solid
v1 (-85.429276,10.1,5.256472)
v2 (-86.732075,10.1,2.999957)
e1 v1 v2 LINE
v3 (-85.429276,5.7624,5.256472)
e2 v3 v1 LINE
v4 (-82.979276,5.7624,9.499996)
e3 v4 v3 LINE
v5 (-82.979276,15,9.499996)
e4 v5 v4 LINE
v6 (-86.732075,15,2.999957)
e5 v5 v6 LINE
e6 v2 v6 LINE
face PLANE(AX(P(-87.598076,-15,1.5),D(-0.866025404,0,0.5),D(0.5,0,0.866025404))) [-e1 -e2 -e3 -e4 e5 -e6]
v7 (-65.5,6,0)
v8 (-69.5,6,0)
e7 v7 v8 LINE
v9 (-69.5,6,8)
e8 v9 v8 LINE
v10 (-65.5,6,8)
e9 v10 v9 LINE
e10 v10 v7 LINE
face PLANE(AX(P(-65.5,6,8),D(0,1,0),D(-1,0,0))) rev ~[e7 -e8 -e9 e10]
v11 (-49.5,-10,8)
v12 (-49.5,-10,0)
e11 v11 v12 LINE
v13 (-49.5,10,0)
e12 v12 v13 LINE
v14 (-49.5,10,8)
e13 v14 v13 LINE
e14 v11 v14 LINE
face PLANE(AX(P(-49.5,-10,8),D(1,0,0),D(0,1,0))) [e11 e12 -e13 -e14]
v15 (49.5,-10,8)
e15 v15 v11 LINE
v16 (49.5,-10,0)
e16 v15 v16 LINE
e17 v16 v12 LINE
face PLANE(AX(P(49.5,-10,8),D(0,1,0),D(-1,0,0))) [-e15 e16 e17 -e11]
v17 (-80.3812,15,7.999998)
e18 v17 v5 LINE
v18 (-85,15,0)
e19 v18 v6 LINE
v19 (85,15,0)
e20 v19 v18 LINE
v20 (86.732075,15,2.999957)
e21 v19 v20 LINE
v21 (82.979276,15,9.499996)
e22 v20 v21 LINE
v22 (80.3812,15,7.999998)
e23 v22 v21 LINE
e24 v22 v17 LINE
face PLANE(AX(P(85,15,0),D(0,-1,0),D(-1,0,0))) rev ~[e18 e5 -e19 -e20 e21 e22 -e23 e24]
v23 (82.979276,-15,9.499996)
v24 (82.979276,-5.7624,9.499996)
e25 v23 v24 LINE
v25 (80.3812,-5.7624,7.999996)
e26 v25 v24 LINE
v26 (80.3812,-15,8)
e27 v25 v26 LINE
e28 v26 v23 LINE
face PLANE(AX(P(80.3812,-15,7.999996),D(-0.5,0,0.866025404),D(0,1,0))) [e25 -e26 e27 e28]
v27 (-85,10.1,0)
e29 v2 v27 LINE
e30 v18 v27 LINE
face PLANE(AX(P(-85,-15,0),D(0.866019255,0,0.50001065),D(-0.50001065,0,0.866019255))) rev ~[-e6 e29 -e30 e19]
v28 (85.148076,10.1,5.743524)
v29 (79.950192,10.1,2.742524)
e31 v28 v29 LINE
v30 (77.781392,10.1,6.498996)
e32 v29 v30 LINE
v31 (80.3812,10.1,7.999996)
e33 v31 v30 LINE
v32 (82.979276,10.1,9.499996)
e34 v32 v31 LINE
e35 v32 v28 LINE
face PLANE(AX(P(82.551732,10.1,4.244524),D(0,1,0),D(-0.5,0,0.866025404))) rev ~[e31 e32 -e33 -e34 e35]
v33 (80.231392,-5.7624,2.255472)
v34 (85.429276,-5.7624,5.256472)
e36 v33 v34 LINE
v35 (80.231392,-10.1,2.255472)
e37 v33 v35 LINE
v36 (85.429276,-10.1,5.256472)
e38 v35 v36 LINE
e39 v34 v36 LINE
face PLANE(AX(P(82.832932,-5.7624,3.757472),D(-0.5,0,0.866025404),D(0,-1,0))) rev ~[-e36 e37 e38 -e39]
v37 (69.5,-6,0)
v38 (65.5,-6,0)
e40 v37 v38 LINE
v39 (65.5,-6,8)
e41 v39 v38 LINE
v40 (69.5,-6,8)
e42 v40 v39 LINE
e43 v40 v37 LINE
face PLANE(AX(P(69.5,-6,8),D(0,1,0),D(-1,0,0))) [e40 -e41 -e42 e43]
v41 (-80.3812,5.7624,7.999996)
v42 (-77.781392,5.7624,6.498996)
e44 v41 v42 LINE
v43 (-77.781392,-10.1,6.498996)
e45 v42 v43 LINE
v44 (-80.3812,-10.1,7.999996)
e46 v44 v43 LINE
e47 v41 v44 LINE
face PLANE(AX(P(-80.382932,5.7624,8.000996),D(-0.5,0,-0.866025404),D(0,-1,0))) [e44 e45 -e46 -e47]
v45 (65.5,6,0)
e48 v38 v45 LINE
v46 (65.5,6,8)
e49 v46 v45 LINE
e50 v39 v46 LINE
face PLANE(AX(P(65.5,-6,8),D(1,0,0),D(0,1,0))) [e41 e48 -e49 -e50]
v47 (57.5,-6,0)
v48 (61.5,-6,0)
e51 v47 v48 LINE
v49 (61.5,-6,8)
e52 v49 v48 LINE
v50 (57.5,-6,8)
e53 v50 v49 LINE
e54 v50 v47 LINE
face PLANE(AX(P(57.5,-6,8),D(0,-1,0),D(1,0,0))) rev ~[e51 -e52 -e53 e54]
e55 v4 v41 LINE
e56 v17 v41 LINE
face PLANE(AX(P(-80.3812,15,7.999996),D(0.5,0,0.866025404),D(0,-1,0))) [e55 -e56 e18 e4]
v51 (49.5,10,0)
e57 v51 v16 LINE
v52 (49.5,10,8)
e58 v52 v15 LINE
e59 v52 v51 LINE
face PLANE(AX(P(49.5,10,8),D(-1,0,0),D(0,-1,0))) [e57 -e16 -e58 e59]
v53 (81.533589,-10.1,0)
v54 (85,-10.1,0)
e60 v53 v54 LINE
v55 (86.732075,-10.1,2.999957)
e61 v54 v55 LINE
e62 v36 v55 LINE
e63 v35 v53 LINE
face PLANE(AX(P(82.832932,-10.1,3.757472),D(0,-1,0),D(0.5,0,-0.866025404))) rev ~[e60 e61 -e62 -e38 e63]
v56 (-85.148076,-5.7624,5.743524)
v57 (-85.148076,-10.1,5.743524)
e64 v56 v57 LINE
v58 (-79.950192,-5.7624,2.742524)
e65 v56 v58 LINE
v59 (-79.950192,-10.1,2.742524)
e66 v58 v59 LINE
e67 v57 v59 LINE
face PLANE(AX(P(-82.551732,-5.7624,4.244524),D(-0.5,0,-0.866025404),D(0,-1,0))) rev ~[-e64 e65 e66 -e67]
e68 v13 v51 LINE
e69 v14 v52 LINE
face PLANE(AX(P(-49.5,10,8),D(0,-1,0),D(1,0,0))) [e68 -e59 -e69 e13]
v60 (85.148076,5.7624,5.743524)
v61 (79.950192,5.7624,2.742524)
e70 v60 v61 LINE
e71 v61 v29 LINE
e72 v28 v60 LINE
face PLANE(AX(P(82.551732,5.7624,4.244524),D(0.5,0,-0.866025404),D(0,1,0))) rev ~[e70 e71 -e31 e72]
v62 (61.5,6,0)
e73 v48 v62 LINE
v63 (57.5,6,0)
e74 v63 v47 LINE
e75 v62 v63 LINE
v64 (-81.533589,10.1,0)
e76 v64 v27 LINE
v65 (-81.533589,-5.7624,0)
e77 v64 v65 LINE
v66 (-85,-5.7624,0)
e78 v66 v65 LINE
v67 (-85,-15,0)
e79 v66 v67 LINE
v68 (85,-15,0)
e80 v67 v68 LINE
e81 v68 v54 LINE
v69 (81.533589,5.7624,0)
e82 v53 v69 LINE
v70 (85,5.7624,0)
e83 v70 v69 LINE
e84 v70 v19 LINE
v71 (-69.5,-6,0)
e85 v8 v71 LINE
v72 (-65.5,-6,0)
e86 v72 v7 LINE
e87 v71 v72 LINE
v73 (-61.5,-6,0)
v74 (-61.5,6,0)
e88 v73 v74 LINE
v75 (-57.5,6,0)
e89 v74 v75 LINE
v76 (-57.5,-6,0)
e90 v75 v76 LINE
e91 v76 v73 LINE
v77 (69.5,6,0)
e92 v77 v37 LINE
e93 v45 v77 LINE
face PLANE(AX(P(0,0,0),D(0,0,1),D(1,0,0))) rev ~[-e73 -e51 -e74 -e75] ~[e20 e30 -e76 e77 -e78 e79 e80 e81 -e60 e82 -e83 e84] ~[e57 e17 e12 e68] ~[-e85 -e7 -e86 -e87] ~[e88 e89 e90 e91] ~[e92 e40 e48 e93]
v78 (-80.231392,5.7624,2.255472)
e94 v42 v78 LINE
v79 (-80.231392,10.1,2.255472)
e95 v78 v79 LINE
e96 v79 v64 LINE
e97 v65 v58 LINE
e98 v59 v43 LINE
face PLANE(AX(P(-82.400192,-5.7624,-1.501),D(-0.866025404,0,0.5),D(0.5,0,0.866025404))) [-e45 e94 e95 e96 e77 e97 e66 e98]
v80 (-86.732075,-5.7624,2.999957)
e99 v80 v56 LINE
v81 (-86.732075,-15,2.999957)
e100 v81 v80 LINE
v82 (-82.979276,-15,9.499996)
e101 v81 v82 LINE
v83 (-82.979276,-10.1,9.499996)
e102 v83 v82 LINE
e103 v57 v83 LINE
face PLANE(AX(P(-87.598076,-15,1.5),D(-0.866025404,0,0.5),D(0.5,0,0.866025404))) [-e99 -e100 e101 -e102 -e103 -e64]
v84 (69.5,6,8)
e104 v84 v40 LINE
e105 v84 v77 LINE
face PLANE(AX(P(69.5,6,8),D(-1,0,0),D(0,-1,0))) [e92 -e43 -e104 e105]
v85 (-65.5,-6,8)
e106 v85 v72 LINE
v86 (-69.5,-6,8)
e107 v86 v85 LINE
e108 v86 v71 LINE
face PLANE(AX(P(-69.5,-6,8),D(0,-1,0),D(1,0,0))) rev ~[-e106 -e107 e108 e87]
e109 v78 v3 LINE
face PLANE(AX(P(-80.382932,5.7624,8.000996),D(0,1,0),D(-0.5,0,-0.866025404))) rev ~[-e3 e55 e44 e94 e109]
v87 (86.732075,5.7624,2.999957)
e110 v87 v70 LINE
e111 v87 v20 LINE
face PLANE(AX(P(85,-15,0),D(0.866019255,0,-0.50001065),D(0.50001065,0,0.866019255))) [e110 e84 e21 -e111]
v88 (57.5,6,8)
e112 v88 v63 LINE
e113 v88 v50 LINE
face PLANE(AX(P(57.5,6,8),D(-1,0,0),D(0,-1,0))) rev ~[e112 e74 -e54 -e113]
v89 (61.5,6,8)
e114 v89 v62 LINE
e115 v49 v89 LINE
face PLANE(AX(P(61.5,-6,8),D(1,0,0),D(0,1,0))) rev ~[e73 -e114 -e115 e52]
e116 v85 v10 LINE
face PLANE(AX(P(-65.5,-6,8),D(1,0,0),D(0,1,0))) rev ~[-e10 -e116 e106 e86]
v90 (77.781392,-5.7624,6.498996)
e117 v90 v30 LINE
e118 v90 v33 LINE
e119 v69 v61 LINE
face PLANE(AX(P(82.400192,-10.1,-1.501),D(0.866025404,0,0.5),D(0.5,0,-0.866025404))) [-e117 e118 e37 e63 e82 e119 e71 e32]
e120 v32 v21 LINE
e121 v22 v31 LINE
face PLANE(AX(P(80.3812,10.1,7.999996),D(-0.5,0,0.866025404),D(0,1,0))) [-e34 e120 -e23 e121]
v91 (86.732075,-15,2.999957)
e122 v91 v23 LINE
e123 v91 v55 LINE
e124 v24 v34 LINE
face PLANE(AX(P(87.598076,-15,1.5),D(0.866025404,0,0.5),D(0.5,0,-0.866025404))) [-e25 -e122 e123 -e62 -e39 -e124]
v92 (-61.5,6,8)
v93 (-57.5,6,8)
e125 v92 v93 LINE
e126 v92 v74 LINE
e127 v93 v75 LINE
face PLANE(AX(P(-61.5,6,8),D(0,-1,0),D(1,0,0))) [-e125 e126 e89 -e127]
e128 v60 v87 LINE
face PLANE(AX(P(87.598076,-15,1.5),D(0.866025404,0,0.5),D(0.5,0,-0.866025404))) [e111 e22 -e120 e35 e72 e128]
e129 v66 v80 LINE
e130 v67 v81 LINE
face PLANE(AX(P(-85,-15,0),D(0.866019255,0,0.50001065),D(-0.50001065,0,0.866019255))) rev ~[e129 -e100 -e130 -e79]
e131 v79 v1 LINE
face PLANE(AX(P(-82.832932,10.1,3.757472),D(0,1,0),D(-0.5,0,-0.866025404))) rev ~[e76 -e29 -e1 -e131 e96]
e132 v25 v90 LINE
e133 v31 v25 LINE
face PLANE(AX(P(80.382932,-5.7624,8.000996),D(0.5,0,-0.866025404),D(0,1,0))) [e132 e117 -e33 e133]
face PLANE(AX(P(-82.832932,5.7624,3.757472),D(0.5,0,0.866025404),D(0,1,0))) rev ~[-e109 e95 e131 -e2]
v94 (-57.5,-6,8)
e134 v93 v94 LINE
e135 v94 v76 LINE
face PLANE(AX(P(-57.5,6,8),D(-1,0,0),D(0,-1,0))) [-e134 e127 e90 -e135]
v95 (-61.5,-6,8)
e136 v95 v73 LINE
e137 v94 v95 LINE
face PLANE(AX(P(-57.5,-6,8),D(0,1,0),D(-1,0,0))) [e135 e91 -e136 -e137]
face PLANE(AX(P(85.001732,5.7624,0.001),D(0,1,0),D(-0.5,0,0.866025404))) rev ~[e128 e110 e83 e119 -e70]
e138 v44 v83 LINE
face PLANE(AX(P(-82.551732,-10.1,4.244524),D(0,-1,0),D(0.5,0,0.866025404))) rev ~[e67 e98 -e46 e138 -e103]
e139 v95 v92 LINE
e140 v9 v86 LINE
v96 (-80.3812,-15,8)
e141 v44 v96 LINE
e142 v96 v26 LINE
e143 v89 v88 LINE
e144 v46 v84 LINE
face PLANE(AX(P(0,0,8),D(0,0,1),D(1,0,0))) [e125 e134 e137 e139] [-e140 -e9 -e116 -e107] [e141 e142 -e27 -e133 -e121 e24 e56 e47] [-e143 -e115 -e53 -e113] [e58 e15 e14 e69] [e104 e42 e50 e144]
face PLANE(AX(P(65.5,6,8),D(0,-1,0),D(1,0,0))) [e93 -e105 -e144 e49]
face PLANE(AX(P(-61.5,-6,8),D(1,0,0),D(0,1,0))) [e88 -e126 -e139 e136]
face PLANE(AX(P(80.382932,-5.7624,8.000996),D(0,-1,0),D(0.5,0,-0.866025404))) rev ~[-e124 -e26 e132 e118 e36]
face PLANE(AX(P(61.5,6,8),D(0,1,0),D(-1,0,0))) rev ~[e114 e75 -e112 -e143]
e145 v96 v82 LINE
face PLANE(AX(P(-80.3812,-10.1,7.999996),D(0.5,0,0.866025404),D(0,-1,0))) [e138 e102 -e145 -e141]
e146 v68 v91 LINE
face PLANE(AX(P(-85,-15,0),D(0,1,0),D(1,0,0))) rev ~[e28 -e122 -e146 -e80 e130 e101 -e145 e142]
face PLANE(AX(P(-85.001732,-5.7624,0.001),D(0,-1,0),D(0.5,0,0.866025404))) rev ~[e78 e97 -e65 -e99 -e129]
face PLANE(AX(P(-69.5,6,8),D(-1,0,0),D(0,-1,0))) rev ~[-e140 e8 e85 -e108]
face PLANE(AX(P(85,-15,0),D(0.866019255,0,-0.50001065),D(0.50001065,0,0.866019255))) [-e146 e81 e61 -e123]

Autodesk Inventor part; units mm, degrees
ref_plane "YZ Plane" through (0, 0, 0) normal (1, 0, 0) x (0, 1, 0)
ref_plane "XZ Plane" through (0, 0, 0) normal (0, 1, 0) x (-1, 0, 0)
ref_plane "XY Plane" through (0, 0, 0) normal (0, 0, 1) x (1, 0, 0)
sketch "Sketch1" plane through (0, 0, 0) normal (0, 0, 1) x (1, 0, 0)
  line L0 (-85, -15) -> (85, -15)
  line L1 (85, -15) -> (85, 15)
  line L2 (85, 15) -> (-85, 15)
  line L3 (-85, 15) -> (-85, -15)
  line L4 (-85, -15) -> (85, 15) construction
  line L5 (85, -15) -> (-85, 15) construction
  point P0 (0, 0)
  dimension "d0" = 170
  dimension "d1" = 30
extrude "Extrusion1" add sketch "Sketch1" along normal blind 8
sketch "Sketch2" plane through (-85, 15, 0) normal (0, 1, 0) x (1, 0, 0)
  line L0 (170, 0) -> (0, 0) construction
  line L1 (0, 0) -> (0, -8) construction
  line L2 (170, -8) -> (0, -8) construction
  line L3 (170, 0) -> (170, -8) construction
  line L4 (0, -8) -> (0, 0)
  line L5 (85, 0) -> (85, -8) construction
  line L6 (0, 0) -> (4.6188, -8)
  line L7 (0, -8) -> (4.6188, -8)
  line L8 (170, -8) -> (170, 0)
  line L9 (170, 0) -> (165.3812, -8)
  line L10 (170, -8) -> (165.3812, -8)
  point P0 (1.7321, 0)
  dimension "d7" = 30
extrude "Extrusion3" cut sketch "Sketch2" against normal through all
sketch "Sketch3" plane through (-85, -15, 0) normal (-0.866, 0, 0.5) x (0.5, 0, 0.866)
  line L0 (9.2376, 0) -> (0, 0) construction
  line L1 (9.2376, 30) -> (9.2376, 0) construction
  line L2 (0, 30) -> (9.2376, 30) construction
  line L3 (0, 30) -> (0, 0) construction
  line L4 (9.2376, 30) -> (0, 30)
  line L5 (9.2376, 30) -> (9.2376, 20.7624)
  line L6 (0, 0) -> (9.2376, 0)
  line L7 (0, 0) -> (0, 9.2376)
  line L8 (9.2376, 30) -> (9.2376, 0) projected
  line L9 (9.2376, 20.7624) -> (4.3376, 20.7624)
  line L10 (4.3376, 20.7624) -> (4.3376, 25.1)
  line L11 (4.3376, 25.1) -> (0, 25.1)
  line L12 (0, 30) -> (0, 25.1)
  line L13 (0, 9.2376) -> (4.9, 9.2376)
  line L14 (4.9, 9.2376) -> (4.9, 4.9)
  line L15 (4.9, 4.9) -> (9.2376, 4.9)
  line L16 (9.2376, 0) -> (9.2376, 4.9)
  point P0 (42.5, 15)
  point P1 (4.6188, 30)
  point P2 (9.2376, 15)
  point P3 (4.6188, 30)
  point P4 (9.2376, 15)
  dimension "d15" = 4.9
  dimension "d16" = 4.9
  dimension "d17" = 4.9
  dimension "d18" = 4.9
extrude "Extrusion4" add sketch "Sketch3" along normal blind 3
sketch "Sketch4" plane through (-85, -5.7624, 0) normal (-0.866, 0, 0.5) x (0.5, 0, 0.866)
  line L0 (4.9, -4.3376) -> (9.2376, -4.3376) projected
  line L1 (9.2376, 11.5248) -> (9.2376, -4.3376) projected
  line L2 (9.2376, 11.5248) -> (4.3376, 11.5248) projected
  line L3 (4.3376, 11.5248) -> (4.3376, 15.8624) projected
  line L4 (4.3376, 15.8624) -> (0, 15.8624) projected
  line L5 (0, 15.8624) -> (0, 0) projected
  line L6 (0, 0) -> (4.9, 0) projected
  line L7 (4.9, 0) -> (4.9, -4.3376) projected
  point P0 (42.5, 5.7624)
extrude "Extrusion5" cut sketch "Sketch4" against normal blind 3
sketch "Sketch6" plane through (85, -15, 0) normal (0.866, 0, 0.5) x (0.5, 0, -0.866)
  line L0 (0, 0) -> (-9.2376, 0) construction
  line L1 (0, 0) -> (0, 30) construction
  line L2 (-9.2376, 30) -> (0, 30) construction
  line L3 (-9.2376, 0) -> (-9.2376, 30) construction
  line L4 (0, 0) -> (-9.2376, 0)
  line L5 (-9.2376, 0) -> (-9.2376, 9.2376)
  line L6 (-9.2376, 9.2376) -> (-4.3376, 9.2376)
  line L7 (-4.3376, 9.2376) -> (-4.3376, 4.9)
  line L8 (-4.3376, 4.9) -> (0, 4.9)
  line L9 (0, 0) -> (0, 4.9)
  line L10 (0, 0) -> (0, 30) projected
  line L11 (0, 30) -> (-9.2376, 30)
  line L12 (-9.2376, 25.1) -> (-9.2376, 30)
  line L13 (-9.2376, 25.1) -> (-4.9, 25.1)
  line L14 (-4.9, 25.1) -> (-4.9, 20.7624)
  line L15 (-4.9, 20.7624) -> (0, 20.7624)
  line L16 (0, 20.7624) -> (0, 30)
  point P0 (-42.5, 15)
  point P1 (-7.0688, 25.1)
  dimension "d24" = 4.9
  dimension "d25" = 4.9
  dimension "d26" = 4.9
  dimension "d27" = 4.9
extrude "Extrusion7" add sketch "Sketch6" along normal blind 3
sketch "Sketch7" plane through (85, -10.1, 0) normal (0.866, 0, 0.5) x (0.5, 0, -0.866)
  line L0 (-4.9, 20.2) -> (-9.2376, 20.2) projected
  line L1 (-9.2376, 4.3376) -> (-9.2376, 20.2) projected
  line L2 (-9.2376, 4.3376) -> (-4.3376, 4.3376) projected
  line L3 (-4.3376, 4.3376) -> (-4.3376, 0) projected
  line L4 (-4.3376, 0) -> (0, 0) projected
  line L5 (0, 0) -> (0, 15.8624) projected
  line L6 (0, 15.8624) -> (-4.9, 15.8624) projected
  line L7 (-4.9, 15.8624) -> (-4.9, 20.2) projected
  point P0 (-42.5, 10.1)
extrude "Extrusion8" cut sketch "Sketch7" against normal blind 3
sketch "Sketch5" plane through (-85, -15, 0) normal (0, -1, 0) x (1, 0, 0)
  line L0 (4.6188, 8) -> (165.3812, 8) construction
  line L1 (4.6188, 8) -> (2.0207, 9.5) construction
  line L2 (-2.5981, 1.5) -> (2.0207, 9.5) construction
  line L3 (0, 0) -> (-2.5981, 1.5) construction
  line L4 (0, 0) -> (170, 0) construction
  line L5 (0, 0) -> (-2.5981, 1.5)
  line L6 (-1.7321, 3) -> (-2.5981, 1.5)
  line L7 (0, 0) -> (-1.7321, 3)
  line L8 (170, 0) -> (172.5981, 1.5) projected
  line L9 (167.9793, 9.5) -> (172.5981, 1.5) projected
  line L10 (165.3812, 8) -> (167.9793, 9.5) projected
  line L11 (170, 0) -> (171.7321, 3)
  line L12 (171.7321, 3) -> (172.5981, 1.5)
  line L13 (172.5981, 1.5) -> (170, 0)
  point P0 (85, 0)
  dimension "d21" = 30
  dimension "d32" = 30
extrude "Extrusion6" cut sketch "Sketch5" against normal through all
sketch "Sketch9" plane through (0, 0, 8) normal (0, 0, 1) x (1, 0, 0)
  line L0 (80.3812, -15) -> (80.3812, -5.7624) construction
  line L1 (80.3812, -5.7624) -> (80.3812, 10.1) construction
  line L2 (80.3812, 10.1) -> (80.3812, 15) construction
  line L3 (80.3812, 15) -> (-80.3812, 15) construction
  line L4 (-80.3812, 15) -> (-80.3812, 5.7624) construction
  line L5 (-80.3812, 5.7624) -> (-80.3812, -10.1) construction
  line L6 (-80.3812, -10.1) -> (-80.3812, -15) construction
  line L7 (-80.3812, -15) -> (80.3812, -15) construction
  line L8 (49.5, -10) -> (-49.5, -10)
  line L9 (-49.5, -10) -> (-49.5, 10)
  line L10 (-49.5, 10) -> (49.5, 10)
  line L11 (49.5, 10) -> (49.5, -10)
  line L12 (49.5, -10) -> (-49.5, 10) construction
  line L13 (-49.5, -10) -> (49.5, 10) construction
  line L14 (73.5, -10) -> (53.5, -10) construction
  line L15 (53.5, -10) -> (53.5, 10) construction
  line L16 (53.5, 10) -> (73.5, 10) construction
  line L17 (73.5, 10) -> (73.5, -10) construction
  line L18 (63.5, -10) -> (63.5, 10) construction
  line L19 (53.5, 0) -> (73.5, 0) construction
  line L20 (69.5, -6) -> (57.5, -6) construction
  line L21 (57.5, -6) -> (57.5, 6) construction
  line L22 (57.5, 6) -> (69.5, 6) construction
  line L23 (69.5, 6) -> (69.5, -6) construction
  line L24 (69.5, -6) -> (57.5, 6) construction
  line L25 (57.5, -6) -> (69.5, 6) construction
  line L26 (69.5, -6) -> (65.5, -6)
  line L27 (65.5, -6) -> (65.5, 6)
  line L28 (65.5, 6) -> (69.5, 6)
  line L29 (69.5, 6) -> (69.5, -6)
  line L30 (57.5, -6) -> (61.5, -6)
  line L31 (61.5, -6) -> (61.5, 6)
  line L32 (61.5, 6) -> (57.5, 6)
  line L33 (57.5, 6) -> (57.5, -6)
  line L34 (0, -10) -> (0, 10) construction
  line L35 (-69.5, -6) -> (-57.5, -6) construction
  line L36 (-57.5, -6) -> (-57.5, 6) construction
  line L37 (-57.5, 6) -> (-69.5, 6) construction
  line L38 (-69.5, 6) -> (-69.5, -6) construction
  line L39 (-69.5, -6) -> (-57.5, 6) construction
  line L40 (-57.5, -6) -> (-69.5, 6) construction
  line L41 (-69.5, -6) -> (-65.5, -6)
  line L42 (-65.5, -6) -> (-65.5, 6)
  line L43 (-65.5, 6) -> (-69.5, 6)
  line L44 (-69.5, 6) -> (-69.5, -6)
  line L45 (-57.5, -6) -> (-61.5, -6)
  line L46 (-61.5, -6) -> (-61.5, 6)
  line L47 (-61.5, 6) -> (-57.5, 6)
  line L48 (-57.5, 6) -> (-57.5, -6)
  point P0 (0, 0)
  point P1 (49.5, 0)
  point P2 (63.5, 0)
  point P3 (-63.5, 0)
  dimension "d53" = 99
  dimension "d54" = 20
  dimension "d55" = 20
  dimension "d56" = 20
  dimension "d57" = 4
  dimension "d58" = 12
  dimension "d60" = 4
  dimension "d61" = 12
  dimension "d62" = 4
  dimension "d63" = 12
extrude "Extrusion10" cut sketch "Sketch9" against normal through all
properties part number "base"
